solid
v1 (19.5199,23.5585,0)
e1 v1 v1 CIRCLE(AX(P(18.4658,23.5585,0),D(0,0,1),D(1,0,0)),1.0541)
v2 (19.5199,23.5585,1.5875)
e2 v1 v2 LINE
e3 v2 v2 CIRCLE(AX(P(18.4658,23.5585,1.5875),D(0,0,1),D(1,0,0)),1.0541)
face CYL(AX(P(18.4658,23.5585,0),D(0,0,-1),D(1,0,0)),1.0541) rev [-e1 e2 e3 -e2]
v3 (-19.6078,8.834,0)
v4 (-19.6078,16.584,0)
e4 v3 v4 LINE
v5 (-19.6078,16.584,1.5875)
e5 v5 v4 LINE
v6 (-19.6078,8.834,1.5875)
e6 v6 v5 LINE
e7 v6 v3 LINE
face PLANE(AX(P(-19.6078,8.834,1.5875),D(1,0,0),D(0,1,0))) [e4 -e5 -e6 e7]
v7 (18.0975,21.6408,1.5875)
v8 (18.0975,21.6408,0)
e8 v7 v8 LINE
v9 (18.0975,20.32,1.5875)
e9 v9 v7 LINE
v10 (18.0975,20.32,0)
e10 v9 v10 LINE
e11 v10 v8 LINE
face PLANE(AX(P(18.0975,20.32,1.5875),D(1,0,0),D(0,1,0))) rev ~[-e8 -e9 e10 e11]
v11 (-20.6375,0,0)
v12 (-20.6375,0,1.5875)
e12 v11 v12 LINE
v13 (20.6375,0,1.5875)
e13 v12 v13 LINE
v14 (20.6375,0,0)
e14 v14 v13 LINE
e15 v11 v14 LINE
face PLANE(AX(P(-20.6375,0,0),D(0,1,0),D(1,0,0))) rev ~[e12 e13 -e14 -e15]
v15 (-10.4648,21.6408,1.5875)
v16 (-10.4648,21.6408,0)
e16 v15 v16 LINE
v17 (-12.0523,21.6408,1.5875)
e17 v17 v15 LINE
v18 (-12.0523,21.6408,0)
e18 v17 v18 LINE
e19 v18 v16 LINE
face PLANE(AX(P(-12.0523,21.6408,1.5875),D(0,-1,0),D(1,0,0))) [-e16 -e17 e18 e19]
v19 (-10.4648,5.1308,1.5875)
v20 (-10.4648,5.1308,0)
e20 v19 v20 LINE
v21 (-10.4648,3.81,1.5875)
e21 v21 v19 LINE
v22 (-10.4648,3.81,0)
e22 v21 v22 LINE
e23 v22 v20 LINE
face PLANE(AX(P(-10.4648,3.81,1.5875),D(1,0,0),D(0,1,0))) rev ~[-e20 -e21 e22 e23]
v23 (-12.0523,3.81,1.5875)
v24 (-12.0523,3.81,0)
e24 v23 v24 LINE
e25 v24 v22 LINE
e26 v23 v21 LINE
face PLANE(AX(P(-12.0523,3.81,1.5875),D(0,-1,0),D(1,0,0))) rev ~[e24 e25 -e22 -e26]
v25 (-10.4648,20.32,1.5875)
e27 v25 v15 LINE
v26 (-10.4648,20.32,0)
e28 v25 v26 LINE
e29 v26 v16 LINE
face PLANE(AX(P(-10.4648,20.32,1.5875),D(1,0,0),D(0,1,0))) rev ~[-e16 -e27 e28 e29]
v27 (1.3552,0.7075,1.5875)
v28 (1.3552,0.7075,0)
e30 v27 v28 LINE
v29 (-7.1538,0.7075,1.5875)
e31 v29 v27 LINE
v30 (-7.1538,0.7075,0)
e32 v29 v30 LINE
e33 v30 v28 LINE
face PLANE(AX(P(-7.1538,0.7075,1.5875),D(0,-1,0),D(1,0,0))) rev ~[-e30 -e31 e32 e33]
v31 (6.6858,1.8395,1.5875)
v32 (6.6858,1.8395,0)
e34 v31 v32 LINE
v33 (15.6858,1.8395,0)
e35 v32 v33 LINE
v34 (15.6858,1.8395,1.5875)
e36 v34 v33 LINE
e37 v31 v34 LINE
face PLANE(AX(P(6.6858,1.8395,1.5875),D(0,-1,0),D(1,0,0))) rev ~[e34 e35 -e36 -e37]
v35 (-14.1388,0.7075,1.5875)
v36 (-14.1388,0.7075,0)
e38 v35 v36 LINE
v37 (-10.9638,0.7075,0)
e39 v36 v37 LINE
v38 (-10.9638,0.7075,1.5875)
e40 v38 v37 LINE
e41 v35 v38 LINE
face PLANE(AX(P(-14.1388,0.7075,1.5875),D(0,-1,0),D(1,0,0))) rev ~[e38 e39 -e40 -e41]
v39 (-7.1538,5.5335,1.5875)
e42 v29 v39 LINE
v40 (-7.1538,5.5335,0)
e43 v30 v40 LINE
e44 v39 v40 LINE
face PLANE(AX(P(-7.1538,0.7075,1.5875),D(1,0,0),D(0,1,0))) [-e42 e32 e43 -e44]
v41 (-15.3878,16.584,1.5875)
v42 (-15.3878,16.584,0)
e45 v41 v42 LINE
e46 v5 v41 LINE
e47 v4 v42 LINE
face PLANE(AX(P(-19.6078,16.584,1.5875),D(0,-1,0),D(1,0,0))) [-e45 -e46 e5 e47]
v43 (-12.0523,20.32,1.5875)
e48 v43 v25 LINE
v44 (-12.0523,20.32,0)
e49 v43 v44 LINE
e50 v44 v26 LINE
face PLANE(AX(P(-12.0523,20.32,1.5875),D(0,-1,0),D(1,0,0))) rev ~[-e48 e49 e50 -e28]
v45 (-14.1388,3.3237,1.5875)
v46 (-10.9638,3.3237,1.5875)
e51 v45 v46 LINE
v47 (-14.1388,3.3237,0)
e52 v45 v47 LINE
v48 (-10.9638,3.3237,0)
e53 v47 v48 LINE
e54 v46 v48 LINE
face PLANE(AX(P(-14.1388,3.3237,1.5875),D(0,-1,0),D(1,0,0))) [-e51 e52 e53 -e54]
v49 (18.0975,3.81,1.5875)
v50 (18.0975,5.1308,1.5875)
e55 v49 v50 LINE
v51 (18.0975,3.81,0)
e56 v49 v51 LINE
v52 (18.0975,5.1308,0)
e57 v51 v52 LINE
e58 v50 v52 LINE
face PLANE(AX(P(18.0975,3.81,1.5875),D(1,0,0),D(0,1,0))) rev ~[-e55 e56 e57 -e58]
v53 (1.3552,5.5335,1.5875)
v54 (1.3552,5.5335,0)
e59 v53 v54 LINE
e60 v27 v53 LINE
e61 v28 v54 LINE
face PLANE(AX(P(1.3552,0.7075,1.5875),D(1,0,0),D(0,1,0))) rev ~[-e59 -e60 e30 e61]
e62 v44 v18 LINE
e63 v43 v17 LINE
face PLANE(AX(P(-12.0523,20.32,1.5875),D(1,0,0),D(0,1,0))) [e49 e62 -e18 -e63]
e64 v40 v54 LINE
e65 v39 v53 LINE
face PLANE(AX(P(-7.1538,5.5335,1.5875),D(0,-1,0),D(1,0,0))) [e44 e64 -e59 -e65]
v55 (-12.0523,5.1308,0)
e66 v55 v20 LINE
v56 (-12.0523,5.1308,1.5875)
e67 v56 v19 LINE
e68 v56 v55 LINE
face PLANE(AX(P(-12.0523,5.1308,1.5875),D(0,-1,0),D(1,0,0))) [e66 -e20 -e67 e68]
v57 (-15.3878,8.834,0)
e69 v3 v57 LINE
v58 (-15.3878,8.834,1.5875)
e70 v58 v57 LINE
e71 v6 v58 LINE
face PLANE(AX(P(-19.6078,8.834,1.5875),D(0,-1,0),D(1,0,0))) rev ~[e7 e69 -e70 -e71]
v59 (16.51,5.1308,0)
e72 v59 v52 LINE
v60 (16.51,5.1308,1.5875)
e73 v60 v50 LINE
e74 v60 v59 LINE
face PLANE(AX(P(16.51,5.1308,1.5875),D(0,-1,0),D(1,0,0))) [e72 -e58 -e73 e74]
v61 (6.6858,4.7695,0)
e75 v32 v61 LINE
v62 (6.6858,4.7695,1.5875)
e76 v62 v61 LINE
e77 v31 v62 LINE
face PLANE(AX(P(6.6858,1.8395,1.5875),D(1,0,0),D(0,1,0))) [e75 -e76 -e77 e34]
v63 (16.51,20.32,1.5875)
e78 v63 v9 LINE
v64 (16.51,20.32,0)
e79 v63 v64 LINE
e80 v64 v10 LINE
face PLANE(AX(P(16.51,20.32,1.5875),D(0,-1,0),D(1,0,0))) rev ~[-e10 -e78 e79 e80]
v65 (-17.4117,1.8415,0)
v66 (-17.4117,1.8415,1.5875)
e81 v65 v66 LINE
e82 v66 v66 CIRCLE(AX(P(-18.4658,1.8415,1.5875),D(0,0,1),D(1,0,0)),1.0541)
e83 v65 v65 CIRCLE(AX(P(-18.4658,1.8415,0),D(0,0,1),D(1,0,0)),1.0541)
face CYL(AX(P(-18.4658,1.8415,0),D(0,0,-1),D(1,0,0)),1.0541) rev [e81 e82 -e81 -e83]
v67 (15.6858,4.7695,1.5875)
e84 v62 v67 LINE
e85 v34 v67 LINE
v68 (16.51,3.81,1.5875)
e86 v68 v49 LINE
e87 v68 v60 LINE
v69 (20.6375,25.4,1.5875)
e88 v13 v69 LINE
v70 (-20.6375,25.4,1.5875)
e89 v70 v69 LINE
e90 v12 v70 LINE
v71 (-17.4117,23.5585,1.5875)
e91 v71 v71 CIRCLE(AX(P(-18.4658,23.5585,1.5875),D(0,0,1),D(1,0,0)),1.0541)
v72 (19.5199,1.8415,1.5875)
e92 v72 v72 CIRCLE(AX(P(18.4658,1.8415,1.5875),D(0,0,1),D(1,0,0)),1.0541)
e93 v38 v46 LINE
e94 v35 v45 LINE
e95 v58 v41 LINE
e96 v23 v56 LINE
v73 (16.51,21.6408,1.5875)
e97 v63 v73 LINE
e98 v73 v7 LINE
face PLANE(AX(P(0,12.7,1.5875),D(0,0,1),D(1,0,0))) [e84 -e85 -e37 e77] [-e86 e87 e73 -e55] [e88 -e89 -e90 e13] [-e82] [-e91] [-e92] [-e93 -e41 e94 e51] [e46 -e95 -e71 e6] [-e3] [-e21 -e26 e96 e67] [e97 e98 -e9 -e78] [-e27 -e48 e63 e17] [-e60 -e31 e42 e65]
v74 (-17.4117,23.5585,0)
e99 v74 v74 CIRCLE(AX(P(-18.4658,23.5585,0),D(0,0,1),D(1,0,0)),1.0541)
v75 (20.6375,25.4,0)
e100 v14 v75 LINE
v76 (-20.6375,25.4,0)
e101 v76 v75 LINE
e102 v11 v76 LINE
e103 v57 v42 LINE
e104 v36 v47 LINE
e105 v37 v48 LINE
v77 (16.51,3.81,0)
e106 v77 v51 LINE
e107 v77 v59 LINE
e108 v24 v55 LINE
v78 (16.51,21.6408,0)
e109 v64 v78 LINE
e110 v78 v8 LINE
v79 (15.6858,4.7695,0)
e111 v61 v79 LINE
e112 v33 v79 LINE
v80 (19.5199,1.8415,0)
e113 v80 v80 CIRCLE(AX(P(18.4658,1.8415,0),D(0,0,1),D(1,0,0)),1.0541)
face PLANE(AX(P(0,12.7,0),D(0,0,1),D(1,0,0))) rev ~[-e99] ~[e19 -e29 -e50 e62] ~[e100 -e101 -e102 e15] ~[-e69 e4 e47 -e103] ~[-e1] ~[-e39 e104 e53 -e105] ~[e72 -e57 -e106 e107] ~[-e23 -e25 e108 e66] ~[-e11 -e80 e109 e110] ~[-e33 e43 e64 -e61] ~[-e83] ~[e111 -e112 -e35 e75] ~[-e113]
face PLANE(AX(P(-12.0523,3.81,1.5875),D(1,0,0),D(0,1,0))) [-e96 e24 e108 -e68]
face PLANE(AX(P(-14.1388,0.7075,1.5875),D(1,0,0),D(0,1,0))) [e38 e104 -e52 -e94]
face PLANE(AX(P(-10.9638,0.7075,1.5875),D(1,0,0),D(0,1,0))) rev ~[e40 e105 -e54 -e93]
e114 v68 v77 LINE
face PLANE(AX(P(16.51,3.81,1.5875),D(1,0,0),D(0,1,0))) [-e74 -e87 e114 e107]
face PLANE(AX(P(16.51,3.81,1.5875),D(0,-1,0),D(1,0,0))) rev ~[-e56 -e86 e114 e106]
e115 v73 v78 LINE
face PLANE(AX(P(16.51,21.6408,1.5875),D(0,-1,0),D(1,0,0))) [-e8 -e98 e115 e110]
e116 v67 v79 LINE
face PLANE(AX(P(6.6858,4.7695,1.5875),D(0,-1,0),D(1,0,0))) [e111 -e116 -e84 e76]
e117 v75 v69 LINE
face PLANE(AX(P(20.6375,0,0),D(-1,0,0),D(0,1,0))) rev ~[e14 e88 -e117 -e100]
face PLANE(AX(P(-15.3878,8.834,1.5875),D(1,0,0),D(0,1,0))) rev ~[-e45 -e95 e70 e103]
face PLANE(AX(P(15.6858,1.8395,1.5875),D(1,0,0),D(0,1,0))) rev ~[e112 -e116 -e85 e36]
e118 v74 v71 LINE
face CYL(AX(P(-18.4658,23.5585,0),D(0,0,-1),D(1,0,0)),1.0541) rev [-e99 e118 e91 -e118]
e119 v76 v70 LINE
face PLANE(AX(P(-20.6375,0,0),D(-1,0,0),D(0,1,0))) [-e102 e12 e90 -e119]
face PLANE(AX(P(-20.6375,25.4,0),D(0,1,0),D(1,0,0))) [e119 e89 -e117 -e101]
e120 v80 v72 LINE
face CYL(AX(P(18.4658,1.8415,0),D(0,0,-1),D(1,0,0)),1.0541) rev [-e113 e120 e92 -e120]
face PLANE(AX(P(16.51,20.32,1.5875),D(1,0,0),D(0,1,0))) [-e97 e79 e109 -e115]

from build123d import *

# Parameters (mm, degrees)
SKETCH1_W           = 41.275
SKETCH1_H           = 25.4
SKETCH1_R           = 1.0541
BOSS_EXTRUDE1_DEPTH = 1.5875
SKETCH2_W           = 9
SKETCH2_H           = 2.93
SKETCH2_W_2         = 8.509
SKETCH2_H_2         = 4.826
SKETCH2_W_3         = 3.175
SKETCH2_H_3         = 2.6162
SKETCH2_W_4         = 4.22
SKETCH2_H_4         = 7.75
SKETCH2_W_5         = 1.5875
SKETCH2_H_5         = 1.3208
CUT_EXTRUDE1_DEPTH  = 1.5875


with BuildPart() as part:
    # Sketch1 → Boss-Extrude1 (new body)
    with BuildSketch(Plane.XY):
        with Locations((0, 12.7)):
            Rectangle(SKETCH1_W, SKETCH1_H)
        with Locations((-18.4658, 23.5585)):
            Circle(SKETCH1_R, mode=Mode.SUBTRACT)
        with Locations((-18.4658, 1.8415)):
            Circle(SKETCH1_R, mode=Mode.SUBTRACT)
        with Locations((18.4658, 1.8415)):
            Circle(SKETCH1_R, mode=Mode.SUBTRACT)
        with Locations((18.4658, 23.5585)):
            Circle(SKETCH1_R, mode=Mode.SUBTRACT)
    extrude(amount=BOSS_EXTRUDE1_DEPTH)

    # Sketch2 → Cut-Extrude1 (cut)
    with BuildSketch(Plane.XY.offset(1.5875)):
        with Locations((11.1858, 3.3045)):
            Rectangle(SKETCH2_W, SKETCH2_H)
        with Locations((-2.8993, 3.1205)):
            Rectangle(SKETCH2_W_2, SKETCH2_H_2)
        with Locations((-12.5513, 2.0156)):
            Rectangle(SKETCH2_W_3, SKETCH2_H_3)
        with Locations((-17.4978, 12.709)):
            Rectangle(SKETCH2_W_4, SKETCH2_H_4)
        with Locations((17.30375, 20.9804)):
            Rectangle(SKETCH2_W_5, SKETCH2_H_5)
        with Locations((17.30375, 4.4704)):
            Rectangle(SKETCH2_W_5, SKETCH2_H_5)
        with Locations((-11.25855, 4.4704)):
            Rectangle(SKETCH2_W_5, SKETCH2_H_5)
        with Locations((-11.25855, 20.9804)):
            Rectangle(SKETCH2_W_5, SKETCH2_H_5)
    extrude(amount=-CUT_EXTRUDE1_DEPTH, mode=Mode.SUBTRACT)


solid = part.part
